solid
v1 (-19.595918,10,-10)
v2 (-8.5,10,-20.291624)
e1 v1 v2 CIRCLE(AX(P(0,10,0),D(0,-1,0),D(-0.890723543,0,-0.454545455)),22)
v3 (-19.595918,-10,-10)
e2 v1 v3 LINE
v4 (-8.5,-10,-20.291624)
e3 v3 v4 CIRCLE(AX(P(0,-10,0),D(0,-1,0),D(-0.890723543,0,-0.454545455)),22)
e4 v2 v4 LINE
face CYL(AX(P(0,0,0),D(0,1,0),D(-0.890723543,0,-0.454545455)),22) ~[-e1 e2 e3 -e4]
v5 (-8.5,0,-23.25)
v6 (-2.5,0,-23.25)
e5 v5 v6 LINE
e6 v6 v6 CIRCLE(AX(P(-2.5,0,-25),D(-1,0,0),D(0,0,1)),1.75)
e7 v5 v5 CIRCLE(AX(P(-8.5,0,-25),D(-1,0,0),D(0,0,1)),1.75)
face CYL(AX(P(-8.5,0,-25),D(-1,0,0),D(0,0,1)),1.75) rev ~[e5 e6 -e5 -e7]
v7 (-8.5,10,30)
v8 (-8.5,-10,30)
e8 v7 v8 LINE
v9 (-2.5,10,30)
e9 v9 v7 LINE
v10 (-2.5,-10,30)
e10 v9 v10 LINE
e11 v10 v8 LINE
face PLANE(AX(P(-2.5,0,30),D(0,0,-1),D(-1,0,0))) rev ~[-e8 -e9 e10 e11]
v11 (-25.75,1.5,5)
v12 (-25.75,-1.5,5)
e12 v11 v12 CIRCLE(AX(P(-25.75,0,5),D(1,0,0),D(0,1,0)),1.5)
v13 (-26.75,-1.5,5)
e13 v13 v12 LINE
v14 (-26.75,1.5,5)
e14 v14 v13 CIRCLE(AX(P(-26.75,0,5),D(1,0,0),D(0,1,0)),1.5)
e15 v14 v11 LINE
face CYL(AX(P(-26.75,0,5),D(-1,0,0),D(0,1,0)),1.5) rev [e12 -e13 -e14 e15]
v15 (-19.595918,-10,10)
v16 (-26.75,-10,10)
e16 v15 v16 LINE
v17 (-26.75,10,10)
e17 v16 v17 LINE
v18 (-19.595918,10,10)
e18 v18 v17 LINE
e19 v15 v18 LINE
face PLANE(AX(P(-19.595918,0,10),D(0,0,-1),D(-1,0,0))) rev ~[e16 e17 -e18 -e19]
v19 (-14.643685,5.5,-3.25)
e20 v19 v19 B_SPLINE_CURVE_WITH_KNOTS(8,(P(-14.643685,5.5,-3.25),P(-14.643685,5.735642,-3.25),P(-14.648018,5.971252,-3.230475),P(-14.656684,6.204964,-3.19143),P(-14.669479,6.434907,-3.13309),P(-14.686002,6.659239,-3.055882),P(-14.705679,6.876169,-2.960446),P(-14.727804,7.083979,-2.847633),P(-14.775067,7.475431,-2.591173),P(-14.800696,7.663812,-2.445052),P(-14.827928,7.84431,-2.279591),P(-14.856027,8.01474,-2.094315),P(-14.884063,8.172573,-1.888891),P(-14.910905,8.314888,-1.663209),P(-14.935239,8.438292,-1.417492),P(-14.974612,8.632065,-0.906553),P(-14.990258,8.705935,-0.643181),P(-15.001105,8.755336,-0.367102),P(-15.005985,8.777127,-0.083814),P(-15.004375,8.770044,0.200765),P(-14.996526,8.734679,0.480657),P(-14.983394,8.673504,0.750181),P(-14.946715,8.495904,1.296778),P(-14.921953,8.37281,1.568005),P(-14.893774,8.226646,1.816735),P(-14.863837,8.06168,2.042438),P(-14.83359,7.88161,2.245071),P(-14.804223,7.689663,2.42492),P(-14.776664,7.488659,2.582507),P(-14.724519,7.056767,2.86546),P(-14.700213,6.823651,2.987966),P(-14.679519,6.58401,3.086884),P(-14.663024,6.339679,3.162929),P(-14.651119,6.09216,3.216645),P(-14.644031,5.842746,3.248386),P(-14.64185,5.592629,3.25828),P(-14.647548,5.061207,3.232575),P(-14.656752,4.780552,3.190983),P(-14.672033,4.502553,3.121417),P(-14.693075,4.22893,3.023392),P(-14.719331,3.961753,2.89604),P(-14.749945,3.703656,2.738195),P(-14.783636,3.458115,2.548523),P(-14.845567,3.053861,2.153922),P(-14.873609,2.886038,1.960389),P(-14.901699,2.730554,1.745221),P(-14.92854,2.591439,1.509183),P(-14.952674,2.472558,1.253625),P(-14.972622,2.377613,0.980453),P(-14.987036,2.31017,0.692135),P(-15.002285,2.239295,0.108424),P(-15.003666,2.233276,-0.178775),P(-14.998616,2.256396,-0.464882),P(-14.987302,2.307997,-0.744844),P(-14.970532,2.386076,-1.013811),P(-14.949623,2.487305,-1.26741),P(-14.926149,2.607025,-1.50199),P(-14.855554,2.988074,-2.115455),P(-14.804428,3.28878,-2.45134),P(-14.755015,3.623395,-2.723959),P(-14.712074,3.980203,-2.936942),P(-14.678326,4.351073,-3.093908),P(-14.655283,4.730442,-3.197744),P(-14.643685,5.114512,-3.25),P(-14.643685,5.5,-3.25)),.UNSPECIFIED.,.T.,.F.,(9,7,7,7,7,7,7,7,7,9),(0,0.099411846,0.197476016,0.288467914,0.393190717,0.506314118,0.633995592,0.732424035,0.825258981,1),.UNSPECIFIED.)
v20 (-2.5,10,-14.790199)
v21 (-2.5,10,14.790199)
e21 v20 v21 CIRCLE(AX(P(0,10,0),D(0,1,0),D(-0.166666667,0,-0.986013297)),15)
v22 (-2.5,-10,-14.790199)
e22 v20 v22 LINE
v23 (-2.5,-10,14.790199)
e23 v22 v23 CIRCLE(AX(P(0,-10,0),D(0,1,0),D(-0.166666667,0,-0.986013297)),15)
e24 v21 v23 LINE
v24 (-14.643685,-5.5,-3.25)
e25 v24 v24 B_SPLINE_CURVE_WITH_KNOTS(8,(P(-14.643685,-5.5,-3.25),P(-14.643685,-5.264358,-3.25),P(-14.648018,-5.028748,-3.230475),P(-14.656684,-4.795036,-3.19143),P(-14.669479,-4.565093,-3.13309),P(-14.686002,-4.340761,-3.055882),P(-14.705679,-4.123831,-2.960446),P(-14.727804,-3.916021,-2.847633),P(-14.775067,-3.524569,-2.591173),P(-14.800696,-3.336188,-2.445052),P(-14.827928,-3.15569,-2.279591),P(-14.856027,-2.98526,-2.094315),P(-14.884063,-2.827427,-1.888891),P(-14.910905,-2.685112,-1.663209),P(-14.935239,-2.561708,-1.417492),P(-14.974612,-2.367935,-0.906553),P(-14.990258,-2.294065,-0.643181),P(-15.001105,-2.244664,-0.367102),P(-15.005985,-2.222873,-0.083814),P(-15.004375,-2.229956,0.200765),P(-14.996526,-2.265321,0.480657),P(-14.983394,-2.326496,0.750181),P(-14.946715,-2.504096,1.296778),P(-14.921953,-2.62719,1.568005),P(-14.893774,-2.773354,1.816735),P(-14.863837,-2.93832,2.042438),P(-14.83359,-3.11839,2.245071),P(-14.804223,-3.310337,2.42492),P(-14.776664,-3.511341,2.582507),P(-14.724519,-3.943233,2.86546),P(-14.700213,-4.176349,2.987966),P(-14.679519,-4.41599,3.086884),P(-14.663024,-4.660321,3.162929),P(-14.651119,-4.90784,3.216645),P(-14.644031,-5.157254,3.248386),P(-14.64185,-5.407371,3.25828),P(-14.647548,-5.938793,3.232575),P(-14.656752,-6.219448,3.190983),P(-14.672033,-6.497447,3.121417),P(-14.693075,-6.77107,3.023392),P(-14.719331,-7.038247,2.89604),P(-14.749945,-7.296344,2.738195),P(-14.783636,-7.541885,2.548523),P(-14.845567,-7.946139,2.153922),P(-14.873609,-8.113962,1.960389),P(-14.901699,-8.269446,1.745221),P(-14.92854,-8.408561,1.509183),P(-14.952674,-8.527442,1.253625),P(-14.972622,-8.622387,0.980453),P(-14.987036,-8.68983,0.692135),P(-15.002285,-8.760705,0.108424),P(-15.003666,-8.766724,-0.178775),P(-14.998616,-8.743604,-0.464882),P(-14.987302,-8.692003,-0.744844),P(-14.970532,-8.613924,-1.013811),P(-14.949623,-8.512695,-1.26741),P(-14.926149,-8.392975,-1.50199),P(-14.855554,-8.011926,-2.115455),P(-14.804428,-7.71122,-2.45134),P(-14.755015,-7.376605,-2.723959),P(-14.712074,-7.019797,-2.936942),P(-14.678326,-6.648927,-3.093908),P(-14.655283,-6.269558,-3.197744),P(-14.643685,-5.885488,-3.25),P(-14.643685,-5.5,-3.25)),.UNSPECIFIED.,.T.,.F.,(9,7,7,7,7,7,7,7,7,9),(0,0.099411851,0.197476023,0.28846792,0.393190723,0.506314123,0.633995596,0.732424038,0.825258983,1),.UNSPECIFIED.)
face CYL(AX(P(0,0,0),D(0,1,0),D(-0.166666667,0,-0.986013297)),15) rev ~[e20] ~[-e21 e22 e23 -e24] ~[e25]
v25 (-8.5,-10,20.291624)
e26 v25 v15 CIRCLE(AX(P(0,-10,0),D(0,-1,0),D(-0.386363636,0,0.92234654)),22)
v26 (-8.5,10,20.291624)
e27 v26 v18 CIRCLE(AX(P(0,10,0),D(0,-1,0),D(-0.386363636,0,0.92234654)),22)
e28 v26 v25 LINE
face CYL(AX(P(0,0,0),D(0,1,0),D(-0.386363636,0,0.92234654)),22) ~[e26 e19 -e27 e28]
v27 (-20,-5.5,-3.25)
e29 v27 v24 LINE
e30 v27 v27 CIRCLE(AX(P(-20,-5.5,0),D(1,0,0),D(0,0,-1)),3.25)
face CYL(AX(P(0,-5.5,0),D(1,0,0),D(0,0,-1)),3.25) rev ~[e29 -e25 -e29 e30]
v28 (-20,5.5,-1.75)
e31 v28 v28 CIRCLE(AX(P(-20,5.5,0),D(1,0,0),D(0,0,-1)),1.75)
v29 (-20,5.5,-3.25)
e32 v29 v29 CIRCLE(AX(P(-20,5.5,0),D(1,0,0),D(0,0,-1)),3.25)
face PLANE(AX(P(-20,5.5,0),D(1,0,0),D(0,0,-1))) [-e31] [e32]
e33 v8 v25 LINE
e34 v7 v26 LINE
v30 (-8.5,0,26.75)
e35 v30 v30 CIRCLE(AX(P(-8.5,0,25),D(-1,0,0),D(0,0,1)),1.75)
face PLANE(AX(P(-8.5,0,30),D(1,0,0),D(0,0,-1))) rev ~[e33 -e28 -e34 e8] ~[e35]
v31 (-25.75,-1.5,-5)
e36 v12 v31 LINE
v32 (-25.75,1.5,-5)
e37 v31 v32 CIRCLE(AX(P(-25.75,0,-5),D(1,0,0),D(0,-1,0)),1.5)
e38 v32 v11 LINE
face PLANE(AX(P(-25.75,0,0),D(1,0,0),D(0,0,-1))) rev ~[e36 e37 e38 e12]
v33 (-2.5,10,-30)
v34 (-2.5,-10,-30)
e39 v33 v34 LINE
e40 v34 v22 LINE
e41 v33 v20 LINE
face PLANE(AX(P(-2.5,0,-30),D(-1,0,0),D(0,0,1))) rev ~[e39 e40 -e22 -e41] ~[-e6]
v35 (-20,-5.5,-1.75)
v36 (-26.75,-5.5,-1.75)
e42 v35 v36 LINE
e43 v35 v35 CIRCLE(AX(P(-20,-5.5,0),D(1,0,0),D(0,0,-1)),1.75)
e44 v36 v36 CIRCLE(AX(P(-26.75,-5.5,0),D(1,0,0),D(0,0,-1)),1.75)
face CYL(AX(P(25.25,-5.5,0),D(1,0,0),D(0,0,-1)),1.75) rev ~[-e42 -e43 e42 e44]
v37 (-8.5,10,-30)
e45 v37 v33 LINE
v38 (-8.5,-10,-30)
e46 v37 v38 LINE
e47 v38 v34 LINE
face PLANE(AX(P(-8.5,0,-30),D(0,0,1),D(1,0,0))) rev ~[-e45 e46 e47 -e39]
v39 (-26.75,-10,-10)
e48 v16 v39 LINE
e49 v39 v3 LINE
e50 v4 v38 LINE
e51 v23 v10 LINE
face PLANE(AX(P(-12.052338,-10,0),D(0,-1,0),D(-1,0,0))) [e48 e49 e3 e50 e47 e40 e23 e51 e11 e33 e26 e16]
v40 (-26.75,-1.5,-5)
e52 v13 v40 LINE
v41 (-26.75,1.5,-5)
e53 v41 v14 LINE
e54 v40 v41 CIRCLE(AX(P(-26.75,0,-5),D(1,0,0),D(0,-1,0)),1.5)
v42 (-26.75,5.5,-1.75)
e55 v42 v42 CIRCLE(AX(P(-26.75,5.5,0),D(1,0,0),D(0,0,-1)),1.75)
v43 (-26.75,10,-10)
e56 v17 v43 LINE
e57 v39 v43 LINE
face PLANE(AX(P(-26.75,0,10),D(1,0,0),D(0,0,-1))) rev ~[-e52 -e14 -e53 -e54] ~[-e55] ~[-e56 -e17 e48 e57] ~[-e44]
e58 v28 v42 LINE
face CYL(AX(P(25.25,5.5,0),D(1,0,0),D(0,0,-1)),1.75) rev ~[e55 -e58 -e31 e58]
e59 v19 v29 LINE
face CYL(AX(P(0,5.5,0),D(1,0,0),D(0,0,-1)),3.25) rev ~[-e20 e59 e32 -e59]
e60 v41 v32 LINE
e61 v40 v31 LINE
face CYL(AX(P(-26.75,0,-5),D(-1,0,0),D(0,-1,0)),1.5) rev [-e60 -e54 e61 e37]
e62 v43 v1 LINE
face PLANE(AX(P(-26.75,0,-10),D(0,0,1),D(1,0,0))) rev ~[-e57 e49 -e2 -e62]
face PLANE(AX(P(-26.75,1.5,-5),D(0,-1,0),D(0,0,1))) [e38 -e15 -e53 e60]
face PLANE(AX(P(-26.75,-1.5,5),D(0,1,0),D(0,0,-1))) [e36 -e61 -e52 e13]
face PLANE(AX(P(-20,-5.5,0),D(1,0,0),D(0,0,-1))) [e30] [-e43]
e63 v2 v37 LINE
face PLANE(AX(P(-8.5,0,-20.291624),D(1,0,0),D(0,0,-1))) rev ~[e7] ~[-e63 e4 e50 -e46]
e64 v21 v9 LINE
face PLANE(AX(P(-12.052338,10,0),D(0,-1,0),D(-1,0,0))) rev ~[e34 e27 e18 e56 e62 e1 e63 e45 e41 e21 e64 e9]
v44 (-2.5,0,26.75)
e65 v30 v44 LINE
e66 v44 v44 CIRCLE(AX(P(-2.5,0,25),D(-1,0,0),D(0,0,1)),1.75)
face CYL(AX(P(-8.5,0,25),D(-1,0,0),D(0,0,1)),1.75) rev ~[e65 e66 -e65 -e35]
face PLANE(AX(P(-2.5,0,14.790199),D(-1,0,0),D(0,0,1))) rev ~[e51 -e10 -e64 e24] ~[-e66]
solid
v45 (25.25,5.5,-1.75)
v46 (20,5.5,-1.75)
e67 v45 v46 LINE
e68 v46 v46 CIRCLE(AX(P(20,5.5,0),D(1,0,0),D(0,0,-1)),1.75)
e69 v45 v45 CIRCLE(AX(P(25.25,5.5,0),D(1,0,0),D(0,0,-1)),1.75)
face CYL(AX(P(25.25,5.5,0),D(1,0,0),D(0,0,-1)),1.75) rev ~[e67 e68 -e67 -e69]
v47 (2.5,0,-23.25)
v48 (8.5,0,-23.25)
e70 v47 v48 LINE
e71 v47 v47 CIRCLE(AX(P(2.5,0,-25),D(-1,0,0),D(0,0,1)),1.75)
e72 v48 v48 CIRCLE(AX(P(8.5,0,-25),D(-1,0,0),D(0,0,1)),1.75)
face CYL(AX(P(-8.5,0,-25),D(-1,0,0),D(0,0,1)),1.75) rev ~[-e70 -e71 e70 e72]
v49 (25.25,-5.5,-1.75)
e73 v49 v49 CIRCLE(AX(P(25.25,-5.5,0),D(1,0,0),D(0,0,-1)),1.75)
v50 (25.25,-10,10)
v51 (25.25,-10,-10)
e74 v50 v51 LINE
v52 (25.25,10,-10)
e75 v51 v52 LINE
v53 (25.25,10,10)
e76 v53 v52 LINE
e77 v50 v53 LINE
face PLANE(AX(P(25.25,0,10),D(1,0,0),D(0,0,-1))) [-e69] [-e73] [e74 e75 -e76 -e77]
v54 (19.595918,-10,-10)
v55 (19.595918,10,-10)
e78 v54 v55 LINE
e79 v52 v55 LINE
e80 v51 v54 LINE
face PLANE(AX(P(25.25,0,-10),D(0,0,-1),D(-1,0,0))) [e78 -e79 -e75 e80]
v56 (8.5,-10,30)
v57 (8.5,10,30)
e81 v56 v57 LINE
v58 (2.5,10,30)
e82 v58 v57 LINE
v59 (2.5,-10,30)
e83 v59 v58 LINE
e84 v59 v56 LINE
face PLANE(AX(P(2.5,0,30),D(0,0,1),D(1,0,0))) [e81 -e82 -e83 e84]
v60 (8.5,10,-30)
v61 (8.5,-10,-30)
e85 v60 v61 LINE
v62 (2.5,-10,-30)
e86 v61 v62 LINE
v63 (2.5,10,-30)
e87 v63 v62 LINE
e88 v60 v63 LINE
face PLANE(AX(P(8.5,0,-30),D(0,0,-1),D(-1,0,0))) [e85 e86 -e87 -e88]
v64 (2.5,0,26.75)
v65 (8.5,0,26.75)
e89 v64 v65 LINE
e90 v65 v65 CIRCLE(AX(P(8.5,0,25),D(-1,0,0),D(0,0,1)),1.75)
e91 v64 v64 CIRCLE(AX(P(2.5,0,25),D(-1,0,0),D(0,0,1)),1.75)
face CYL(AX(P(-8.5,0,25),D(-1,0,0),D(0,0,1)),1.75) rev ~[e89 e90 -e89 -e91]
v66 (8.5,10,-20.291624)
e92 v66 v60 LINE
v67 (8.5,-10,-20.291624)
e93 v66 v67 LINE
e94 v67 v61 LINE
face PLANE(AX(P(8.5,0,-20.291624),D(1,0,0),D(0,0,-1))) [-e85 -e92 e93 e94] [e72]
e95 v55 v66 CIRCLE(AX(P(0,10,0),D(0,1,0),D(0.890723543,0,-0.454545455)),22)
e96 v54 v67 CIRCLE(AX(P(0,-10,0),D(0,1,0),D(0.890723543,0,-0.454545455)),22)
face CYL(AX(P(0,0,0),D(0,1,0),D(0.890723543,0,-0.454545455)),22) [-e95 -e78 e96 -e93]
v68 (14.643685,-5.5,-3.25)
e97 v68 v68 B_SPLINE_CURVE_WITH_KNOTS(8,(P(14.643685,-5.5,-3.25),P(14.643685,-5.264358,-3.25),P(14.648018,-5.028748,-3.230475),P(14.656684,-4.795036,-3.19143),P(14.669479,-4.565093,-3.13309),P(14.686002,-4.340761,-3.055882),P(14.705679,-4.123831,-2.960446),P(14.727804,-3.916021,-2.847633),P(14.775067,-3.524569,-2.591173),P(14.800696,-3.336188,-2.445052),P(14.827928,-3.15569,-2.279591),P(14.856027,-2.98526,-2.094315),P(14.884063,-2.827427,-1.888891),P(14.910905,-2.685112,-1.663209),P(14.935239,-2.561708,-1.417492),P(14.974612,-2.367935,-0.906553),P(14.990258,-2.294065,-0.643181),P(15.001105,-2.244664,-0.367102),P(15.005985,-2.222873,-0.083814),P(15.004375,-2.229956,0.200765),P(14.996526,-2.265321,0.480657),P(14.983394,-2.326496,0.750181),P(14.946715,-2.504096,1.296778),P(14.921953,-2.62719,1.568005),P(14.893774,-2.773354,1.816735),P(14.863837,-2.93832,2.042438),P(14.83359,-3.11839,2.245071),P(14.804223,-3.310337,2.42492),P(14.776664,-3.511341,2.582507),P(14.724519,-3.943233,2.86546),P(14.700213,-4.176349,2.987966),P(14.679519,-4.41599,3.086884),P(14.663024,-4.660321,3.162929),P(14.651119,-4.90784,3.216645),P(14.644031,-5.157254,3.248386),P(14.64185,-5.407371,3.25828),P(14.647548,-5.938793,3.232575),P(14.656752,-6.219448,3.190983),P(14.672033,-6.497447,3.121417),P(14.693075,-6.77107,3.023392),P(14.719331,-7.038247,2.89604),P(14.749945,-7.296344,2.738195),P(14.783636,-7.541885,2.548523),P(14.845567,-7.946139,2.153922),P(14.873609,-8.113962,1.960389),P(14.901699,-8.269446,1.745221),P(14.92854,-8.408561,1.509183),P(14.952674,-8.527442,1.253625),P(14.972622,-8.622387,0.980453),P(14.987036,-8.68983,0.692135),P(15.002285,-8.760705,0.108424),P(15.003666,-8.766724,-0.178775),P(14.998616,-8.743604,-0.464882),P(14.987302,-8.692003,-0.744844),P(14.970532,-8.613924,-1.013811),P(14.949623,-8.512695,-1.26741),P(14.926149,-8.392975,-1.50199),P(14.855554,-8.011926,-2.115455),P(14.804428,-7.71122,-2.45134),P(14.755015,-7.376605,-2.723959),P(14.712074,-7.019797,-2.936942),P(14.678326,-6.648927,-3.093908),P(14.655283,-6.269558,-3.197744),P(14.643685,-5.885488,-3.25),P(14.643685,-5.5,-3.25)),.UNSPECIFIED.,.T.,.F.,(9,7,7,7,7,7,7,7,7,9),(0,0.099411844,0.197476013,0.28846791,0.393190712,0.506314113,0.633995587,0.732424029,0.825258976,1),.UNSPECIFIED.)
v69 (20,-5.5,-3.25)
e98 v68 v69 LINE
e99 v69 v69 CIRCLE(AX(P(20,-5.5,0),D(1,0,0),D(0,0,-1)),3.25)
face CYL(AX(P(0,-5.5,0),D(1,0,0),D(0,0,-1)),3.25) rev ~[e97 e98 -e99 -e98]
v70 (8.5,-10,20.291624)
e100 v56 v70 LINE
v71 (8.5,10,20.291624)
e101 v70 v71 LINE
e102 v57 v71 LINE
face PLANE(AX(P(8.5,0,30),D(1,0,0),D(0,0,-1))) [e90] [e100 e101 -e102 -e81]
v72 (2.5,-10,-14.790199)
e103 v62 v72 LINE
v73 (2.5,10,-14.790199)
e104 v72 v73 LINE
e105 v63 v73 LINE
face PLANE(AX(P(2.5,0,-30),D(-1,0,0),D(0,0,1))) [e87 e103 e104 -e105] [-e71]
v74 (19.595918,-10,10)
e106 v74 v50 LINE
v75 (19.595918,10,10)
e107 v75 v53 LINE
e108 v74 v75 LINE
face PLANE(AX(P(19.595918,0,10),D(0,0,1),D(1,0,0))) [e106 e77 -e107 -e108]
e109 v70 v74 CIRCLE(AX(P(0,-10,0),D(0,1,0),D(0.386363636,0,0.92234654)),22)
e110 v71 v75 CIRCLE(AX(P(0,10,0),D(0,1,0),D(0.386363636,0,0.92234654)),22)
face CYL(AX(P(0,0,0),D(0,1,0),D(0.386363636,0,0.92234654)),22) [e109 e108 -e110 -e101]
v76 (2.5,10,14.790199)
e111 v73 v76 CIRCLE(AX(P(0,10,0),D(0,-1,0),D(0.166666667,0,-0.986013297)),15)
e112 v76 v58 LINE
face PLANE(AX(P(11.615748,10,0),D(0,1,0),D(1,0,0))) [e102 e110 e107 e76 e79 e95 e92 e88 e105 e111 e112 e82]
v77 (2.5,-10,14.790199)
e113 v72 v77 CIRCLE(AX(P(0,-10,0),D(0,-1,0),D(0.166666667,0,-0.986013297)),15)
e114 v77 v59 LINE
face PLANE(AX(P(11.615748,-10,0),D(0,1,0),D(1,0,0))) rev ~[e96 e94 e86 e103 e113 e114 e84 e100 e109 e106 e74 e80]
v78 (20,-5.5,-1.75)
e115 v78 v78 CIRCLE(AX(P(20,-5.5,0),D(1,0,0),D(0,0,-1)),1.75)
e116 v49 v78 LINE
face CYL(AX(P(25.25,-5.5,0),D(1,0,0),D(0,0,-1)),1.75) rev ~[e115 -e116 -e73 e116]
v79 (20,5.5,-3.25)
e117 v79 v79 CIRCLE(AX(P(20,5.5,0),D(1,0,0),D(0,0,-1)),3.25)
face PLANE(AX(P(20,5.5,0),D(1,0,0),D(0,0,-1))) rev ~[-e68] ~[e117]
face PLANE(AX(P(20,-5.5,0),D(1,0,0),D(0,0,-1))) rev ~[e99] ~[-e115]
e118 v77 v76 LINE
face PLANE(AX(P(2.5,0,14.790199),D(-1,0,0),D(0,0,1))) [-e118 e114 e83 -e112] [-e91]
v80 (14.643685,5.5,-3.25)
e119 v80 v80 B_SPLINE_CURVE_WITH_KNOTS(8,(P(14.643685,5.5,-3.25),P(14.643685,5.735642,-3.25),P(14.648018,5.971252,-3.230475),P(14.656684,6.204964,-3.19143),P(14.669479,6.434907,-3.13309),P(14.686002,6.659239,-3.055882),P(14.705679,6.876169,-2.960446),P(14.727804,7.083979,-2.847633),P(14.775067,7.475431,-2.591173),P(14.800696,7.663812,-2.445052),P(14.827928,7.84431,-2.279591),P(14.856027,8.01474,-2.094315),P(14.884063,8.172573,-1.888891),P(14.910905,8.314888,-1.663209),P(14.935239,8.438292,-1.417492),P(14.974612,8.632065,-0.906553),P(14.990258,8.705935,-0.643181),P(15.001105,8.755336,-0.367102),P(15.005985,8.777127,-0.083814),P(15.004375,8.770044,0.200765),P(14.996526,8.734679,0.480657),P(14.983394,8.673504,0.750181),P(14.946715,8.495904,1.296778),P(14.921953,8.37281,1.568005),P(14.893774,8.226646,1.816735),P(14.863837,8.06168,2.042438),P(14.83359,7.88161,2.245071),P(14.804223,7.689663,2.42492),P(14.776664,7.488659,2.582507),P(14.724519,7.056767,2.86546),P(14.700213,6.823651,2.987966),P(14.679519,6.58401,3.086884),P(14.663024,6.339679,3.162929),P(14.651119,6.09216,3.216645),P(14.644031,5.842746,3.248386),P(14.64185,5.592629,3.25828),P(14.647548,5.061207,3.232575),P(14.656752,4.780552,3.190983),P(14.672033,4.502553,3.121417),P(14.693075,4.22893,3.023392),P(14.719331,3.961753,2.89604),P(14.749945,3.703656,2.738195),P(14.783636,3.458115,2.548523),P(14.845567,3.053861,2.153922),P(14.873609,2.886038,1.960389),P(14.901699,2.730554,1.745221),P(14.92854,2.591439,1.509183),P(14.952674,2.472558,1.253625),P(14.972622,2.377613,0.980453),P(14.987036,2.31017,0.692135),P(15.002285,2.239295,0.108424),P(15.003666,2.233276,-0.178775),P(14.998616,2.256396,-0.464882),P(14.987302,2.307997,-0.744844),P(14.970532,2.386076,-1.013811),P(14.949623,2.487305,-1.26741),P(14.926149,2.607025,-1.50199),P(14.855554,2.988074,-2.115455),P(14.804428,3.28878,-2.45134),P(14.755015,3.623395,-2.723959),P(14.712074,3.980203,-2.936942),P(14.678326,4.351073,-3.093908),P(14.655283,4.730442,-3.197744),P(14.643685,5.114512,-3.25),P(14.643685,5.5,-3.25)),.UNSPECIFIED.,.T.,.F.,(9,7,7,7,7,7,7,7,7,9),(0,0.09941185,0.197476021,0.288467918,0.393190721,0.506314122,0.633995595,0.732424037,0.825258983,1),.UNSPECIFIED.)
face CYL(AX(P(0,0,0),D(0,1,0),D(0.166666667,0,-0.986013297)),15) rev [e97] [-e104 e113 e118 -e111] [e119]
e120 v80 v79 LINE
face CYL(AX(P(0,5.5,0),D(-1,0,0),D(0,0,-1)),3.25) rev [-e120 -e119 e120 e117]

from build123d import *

# Parameters (mm, degrees)
EXTRUDE_1_DEPTH     = 10
EXTRUDE_1_2_DEPTH   = 10
SKETCH_3_R          = 1.75
CUT_EXTRUDE_1_DEPTH = 100
SKETCH_4_R          = 3.25
CUT_EXTRUDE_2_DEPTH = 20
SKETCH_5_R          = 1.75
CUT_EXTRUDE_3_DEPTH = 40
CUT_EXTRUDE_4_DEPTH = 1


with BuildPart() as part:
    # 草图1 → 凸台-拉伸1 (new, symmetric)
    with BuildSketch(Plane(origin=(0, 0, 0), x_dir=(1, 0, 0), z_dir=(0, 1, 0))):
        with BuildLine():
            Line((-26.75, 10), (-19.595917942, 10))
            ThreePointArc((-19.595917942, 10), (-14.960766418, 16.129955616), (-8.5, 20.291623888))
            Line((-8.5, 20.291623888), (-8.5, 30))
            Line((-8.5, 30), (-2.5, 30))
            Line((-2.5, 30), (-2.5, 14.790199458))
            ThreePointArc((-2.5, 14.790199458), (-15, 0), (-2.5, -14.790199458))
            Line((-2.5, -14.790199458), (-2.5, -30))
            Line((-2.5, -30), (-8.5, -30))
            Line((-8.5, -30), (-8.5, -20.291623888))
            ThreePointArc((-8.5, -20.291623888), (-14.960766418, -16.129955616), (-19.595917942, -10))
            Line((-19.595917942, -10), (-26.75, -10))
            Line((-26.75, -10), (-26.75, 10))
        make_face()
    extrude(amount=EXTRUDE_1_DEPTH, both=True)


with BuildPart() as body_2:
    # 草图1 → Extrude 1 2 (new, symmetric)
    with BuildSketch(Plane(origin=(0, 0, 0), x_dir=(1, 0, 0), z_dir=(0, 1, 0))):
        with BuildLine():
            Line((2.5, 30), (2.5, 14.790199458))
            ThreePointArc((2.5, 14.790199458), (15, 0), (2.5, -14.790199458))
            Line((2.5, -14.790199458), (2.5, -30))
            Line((2.5, -30), (8.5, -30))
            Line((8.5, -30), (8.5, -20.291623888))
            ThreePointArc((8.5, -20.291623888), (14.960766418, -16.129955616), (19.595917942, -10))
            Line((19.595917942, -10), (25.25, -10))
            Line((25.25, -10), (25.25, 10))
            Line((25.25, 10), (19.595917942, 10))
            ThreePointArc((19.595917942, 10), (14.960766418, 16.129955616), (8.5, 20.291623888))
            Line((8.5, 20.291623888), (8.5, 30))
            Line((8.5, 30), (2.5, 30))
        make_face()
    extrude(amount=EXTRUDE_1_2_DEPTH, both=True)


with BuildPart() as cut_extrude_1_tool:
    # 草图3 → 切除-拉伸1 (new body)
    with BuildSketch(Plane(origin=(25.25, 0, 0), x_dir=(0, 0, -1), z_dir=(1, 0, 0))):
        with Locations((0, 5.5)):
            Circle(SKETCH_3_R)
        with Locations((0, -5.5)):
            Circle(SKETCH_3_R)
    extrude(amount=-CUT_EXTRUDE_1_DEPTH)


with BuildPart() as part_1:
    add(part.part)

    # 切除-拉伸1: cut by cut_extrude_1_tool
    add(cut_extrude_1_tool.part, mode=Mode.SUBTRACT)


with BuildPart() as body_2_1:
    add(body_2.part)

    # 切除-拉伸1: cut by cut_extrude_1_tool
    add(cut_extrude_1_tool.part, mode=Mode.SUBTRACT)


with BuildPart() as cut_extrude_2_tool:
    # 草图4 → 切除-拉伸2 (new, symmetric)
    with BuildSketch(Plane(origin=(0, 0, 0), x_dir=(0, 0, -1), z_dir=(1, 0, 0))):
        with Locations((0, 5.5)):
            Circle(SKETCH_4_R)
        with Locations((0, -5.5)):
            Circle(SKETCH_4_R)
    extrude(amount=CUT_EXTRUDE_2_DEPTH, both=True)


with BuildPart() as part_2:
    add(part_1.part)

    # 切除-拉伸2: cut by cut_extrude_2_tool
    add(cut_extrude_2_tool.part, mode=Mode.SUBTRACT)


with BuildPart() as body_2_2:
    add(body_2_1.part)

    # 切除-拉伸2: cut by cut_extrude_2_tool
    add(cut_extrude_2_tool.part, mode=Mode.SUBTRACT)


with BuildPart() as cut_extrude_3_tool:
    # 草图5 → 切除-拉伸3 (new body)
    with BuildSketch(Plane.ZY.offset(8.5)):
        with Locations((-25, 0)):
            Circle(SKETCH_5_R)
        with Locations((25, 0)):
            Circle(SKETCH_5_R)
    extrude(amount=-CUT_EXTRUDE_3_DEPTH)


with BuildPart() as part_3:
    add(part_2.part)

    # 切除-拉伸3: cut by cut_extrude_3_tool
    add(cut_extrude_3_tool.part, mode=Mode.SUBTRACT)

    # 草图6 → 切除-拉伸4 (cut)
    with BuildSketch(Plane.ZY.offset(26.75)):
        with BuildLine():
            Line((-5, 1.5), (5, 1.5))
            ThreePointArc((5, 1.5), (6.5, 0), (5, -1.5))
            Line((5, -1.5), (-5, -1.5))
            ThreePointArc((-5, -1.5), (-6.5, 0), (-5, 1.5))
        make_face()
    extrude(amount=-CUT_EXTRUDE_4_DEPTH, mode=Mode.SUBTRACT)


with BuildPart() as body_2_3:
    add(body_2_2.part)

    # 切除-拉伸3: cut by cut_extrude_3_tool
    add(cut_extrude_3_tool.part, mode=Mode.SUBTRACT)


solid = Compound([part_3.part, body_2_3.part])
